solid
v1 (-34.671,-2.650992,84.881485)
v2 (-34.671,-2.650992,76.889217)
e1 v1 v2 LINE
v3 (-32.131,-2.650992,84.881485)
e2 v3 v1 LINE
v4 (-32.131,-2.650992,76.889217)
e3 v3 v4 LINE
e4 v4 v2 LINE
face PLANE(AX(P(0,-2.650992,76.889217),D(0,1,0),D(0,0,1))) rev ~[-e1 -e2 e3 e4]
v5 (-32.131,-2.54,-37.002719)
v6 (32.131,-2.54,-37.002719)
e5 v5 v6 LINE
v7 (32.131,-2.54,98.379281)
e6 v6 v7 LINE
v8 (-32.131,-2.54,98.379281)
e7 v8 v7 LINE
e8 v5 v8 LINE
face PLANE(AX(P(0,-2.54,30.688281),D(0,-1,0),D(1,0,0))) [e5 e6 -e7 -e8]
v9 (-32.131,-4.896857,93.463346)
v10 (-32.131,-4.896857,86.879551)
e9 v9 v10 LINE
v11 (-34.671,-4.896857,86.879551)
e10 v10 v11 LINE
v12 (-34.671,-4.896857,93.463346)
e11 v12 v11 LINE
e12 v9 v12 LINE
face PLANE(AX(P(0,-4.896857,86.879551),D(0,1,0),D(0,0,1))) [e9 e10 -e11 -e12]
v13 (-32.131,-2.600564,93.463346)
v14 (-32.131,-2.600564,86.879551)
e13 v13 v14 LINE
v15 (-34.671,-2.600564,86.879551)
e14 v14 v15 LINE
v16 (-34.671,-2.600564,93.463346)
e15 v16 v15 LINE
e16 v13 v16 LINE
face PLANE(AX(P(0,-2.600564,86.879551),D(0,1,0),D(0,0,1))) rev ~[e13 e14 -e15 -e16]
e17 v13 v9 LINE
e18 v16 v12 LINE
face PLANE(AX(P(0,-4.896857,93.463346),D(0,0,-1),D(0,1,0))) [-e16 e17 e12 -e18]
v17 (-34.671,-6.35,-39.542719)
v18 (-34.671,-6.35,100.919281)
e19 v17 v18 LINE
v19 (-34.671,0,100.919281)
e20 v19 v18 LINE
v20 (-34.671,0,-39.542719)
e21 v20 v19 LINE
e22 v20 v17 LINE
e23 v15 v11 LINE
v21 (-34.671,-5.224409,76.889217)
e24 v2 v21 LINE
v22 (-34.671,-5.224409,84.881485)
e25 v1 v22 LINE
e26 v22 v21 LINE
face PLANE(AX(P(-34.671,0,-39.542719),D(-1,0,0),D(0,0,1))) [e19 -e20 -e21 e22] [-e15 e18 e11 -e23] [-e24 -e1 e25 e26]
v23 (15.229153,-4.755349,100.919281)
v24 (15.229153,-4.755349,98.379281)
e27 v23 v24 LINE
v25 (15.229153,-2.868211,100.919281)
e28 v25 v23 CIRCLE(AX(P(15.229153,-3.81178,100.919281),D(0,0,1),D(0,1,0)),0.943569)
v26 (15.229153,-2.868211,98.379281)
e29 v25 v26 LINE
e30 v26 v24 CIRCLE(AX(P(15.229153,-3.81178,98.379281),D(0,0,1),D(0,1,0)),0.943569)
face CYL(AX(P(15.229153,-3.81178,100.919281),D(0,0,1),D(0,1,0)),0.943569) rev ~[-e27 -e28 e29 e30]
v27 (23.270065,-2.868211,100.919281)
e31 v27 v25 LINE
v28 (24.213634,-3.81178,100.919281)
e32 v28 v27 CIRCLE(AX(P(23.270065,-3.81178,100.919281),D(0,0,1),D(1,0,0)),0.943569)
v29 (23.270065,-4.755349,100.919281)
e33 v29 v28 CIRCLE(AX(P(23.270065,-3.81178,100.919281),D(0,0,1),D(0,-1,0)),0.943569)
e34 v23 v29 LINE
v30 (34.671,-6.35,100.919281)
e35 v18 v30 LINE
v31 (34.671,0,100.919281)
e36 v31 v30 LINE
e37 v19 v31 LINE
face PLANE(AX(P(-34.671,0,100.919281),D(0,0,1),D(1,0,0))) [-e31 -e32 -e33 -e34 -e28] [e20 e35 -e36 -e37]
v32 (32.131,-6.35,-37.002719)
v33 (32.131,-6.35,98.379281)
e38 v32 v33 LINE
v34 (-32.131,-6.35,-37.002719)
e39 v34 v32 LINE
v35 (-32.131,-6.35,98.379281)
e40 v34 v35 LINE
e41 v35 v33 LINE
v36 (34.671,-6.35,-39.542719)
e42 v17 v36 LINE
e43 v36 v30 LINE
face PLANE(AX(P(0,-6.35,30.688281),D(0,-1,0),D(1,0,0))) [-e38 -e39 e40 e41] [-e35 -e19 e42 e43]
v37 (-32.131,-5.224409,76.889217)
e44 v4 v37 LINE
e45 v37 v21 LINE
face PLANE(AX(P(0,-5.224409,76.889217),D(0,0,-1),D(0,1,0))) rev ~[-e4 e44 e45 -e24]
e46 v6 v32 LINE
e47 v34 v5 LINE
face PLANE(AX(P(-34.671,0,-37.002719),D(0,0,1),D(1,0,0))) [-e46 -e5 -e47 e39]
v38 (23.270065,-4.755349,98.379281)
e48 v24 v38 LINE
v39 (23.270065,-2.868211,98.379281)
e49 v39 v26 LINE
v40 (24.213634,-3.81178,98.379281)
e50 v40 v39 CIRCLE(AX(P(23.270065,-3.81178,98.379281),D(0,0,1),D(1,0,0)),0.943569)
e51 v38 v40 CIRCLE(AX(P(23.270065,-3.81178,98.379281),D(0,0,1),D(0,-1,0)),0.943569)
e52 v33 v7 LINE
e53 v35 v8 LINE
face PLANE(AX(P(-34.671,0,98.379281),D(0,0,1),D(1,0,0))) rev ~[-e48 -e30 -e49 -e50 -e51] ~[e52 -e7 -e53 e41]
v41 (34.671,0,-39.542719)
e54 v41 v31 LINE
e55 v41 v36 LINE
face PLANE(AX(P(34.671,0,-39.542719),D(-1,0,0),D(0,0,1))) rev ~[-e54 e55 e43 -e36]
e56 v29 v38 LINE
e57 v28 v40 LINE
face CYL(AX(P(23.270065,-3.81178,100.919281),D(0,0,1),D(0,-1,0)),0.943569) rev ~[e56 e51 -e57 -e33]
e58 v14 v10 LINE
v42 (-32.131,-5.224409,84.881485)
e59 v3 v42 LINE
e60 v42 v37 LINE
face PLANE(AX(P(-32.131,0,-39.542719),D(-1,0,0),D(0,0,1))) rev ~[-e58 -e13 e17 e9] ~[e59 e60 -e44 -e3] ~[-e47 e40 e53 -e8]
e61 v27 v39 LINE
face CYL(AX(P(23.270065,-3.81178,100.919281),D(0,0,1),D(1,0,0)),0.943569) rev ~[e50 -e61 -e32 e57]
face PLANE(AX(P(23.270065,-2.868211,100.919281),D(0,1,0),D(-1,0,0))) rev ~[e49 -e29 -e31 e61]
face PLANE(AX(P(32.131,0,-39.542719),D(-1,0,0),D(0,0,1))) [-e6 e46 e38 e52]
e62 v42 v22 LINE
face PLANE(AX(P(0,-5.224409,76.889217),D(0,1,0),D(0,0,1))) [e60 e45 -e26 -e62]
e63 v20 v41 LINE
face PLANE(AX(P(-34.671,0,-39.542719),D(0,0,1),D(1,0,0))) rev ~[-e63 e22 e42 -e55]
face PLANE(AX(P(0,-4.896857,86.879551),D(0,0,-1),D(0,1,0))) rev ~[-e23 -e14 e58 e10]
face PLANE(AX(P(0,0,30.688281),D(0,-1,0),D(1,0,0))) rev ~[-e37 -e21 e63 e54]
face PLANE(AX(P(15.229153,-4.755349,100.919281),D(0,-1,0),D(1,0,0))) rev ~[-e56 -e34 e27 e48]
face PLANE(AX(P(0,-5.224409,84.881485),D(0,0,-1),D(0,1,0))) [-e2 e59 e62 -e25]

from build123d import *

# Parameters (mm, degrees)
F0_W     = 69.342
F0_H     = 140.462
F1_DEPTH = 6.35
F2_T     = -2.54
F4_DEPTH = 25.4
F5_W     = 2.2962929215
F5_H     = 6.5837949514
F5_W_2   = 2.5734174997
F5_H_2   = 7.9922676086
F6_DEPTH = 38.1


with BuildPart() as f1:
    # F0 (on Front) → F1 (new body)
    with BuildSketch(Plane.XZ):
        with Locations((0, 30.688280734)):
            Rectangle(F0_W, F0_H)
    extrude(amount=F1_DEPTH)

    # F2
    f2_openings = [f1.faces().sort_by_distance(p)[0] for p in [
        (0, -6.35, 30.688281),
    ]]
    offset(amount=F2_T, openings=f2_openings)

    # F3 (on face) → F4 (cut)
    with BuildSketch(Plane.XY.offset(100.919280734)):
        with BuildLine():
            ThreePointArc((23.2700649649, -4.7553493267), (22.3264960016, -3.8117803633), (23.2700649649, -2.8682114))
            Line((23.2700649649, -2.8682114), (15.2291525155, -2.8682114))
            ThreePointArc((15.2291525155, -2.8682114), (15.896356528, -3.1445763508), (16.1727214789, -3.8117803633))
            ThreePointArc((16.1727214789, -3.8117803633), (15.896356528, -4.4789843758), (15.2291525155, -4.7553493267))
            Line((15.2291525155, -4.7553493267), (23.2700649649, -4.7553493267))
        make_face()
        with BuildLine():
            ThreePointArc((24.2136339282, -3.8117803633), (23.9372689774, -3.1445763508), (23.2700649649, -2.8682114))
            Line((23.2700649649, -2.8682114), (23.2700649649, -4.7553493267))
            ThreePointArc((23.2700649649, -4.7553493267), (23.9372689774, -4.4789843758), (24.2136339282, -3.8117803633))
        make_face()
        with BuildLine():
            Line((23.2700649649, -4.7553493267), (23.2700649649, -2.8682114))
            ThreePointArc((23.2700649649, -2.8682114), (22.3264960016, -3.8117803633), (23.2700649649, -4.7553493267))
        make_face()
        with BuildLine():
            ThreePointArc((16.1727214789, -3.8117803633), (15.896356528, -3.1445763508), (15.2291525155, -2.8682114))
            Line((15.2291525155, -2.8682114), (15.2291525155, -4.7553493267))
            ThreePointArc((15.2291525155, -4.7553493267), (15.896356528, -4.4789843758), (16.1727214789, -3.8117803633))
        make_face()
        with BuildLine():
            Line((15.2291525155, -4.7553493267), (15.2291525155, -2.8682114))
            ThreePointArc((15.2291525155, -2.8682114), (14.2855835522, -3.8117803633), (15.2291525155, -4.7553493267))
        make_face()
    extrude(amount=-F4_DEPTH, mode=Mode.SUBTRACT)

    # F5 (on Right) → F6 (cut)
    with BuildSketch(Plane.YZ):
        with Locations((-3.7487103837, 90.1714488864)):
            Rectangle(F5_W, F5_H)
        with Locations((-3.9377002977, 80.8853507042)):
            Rectangle(F5_W_2, F5_H_2)
    extrude(amount=-F6_DEPTH, mode=Mode.SUBTRACT)


solid = f1.part
